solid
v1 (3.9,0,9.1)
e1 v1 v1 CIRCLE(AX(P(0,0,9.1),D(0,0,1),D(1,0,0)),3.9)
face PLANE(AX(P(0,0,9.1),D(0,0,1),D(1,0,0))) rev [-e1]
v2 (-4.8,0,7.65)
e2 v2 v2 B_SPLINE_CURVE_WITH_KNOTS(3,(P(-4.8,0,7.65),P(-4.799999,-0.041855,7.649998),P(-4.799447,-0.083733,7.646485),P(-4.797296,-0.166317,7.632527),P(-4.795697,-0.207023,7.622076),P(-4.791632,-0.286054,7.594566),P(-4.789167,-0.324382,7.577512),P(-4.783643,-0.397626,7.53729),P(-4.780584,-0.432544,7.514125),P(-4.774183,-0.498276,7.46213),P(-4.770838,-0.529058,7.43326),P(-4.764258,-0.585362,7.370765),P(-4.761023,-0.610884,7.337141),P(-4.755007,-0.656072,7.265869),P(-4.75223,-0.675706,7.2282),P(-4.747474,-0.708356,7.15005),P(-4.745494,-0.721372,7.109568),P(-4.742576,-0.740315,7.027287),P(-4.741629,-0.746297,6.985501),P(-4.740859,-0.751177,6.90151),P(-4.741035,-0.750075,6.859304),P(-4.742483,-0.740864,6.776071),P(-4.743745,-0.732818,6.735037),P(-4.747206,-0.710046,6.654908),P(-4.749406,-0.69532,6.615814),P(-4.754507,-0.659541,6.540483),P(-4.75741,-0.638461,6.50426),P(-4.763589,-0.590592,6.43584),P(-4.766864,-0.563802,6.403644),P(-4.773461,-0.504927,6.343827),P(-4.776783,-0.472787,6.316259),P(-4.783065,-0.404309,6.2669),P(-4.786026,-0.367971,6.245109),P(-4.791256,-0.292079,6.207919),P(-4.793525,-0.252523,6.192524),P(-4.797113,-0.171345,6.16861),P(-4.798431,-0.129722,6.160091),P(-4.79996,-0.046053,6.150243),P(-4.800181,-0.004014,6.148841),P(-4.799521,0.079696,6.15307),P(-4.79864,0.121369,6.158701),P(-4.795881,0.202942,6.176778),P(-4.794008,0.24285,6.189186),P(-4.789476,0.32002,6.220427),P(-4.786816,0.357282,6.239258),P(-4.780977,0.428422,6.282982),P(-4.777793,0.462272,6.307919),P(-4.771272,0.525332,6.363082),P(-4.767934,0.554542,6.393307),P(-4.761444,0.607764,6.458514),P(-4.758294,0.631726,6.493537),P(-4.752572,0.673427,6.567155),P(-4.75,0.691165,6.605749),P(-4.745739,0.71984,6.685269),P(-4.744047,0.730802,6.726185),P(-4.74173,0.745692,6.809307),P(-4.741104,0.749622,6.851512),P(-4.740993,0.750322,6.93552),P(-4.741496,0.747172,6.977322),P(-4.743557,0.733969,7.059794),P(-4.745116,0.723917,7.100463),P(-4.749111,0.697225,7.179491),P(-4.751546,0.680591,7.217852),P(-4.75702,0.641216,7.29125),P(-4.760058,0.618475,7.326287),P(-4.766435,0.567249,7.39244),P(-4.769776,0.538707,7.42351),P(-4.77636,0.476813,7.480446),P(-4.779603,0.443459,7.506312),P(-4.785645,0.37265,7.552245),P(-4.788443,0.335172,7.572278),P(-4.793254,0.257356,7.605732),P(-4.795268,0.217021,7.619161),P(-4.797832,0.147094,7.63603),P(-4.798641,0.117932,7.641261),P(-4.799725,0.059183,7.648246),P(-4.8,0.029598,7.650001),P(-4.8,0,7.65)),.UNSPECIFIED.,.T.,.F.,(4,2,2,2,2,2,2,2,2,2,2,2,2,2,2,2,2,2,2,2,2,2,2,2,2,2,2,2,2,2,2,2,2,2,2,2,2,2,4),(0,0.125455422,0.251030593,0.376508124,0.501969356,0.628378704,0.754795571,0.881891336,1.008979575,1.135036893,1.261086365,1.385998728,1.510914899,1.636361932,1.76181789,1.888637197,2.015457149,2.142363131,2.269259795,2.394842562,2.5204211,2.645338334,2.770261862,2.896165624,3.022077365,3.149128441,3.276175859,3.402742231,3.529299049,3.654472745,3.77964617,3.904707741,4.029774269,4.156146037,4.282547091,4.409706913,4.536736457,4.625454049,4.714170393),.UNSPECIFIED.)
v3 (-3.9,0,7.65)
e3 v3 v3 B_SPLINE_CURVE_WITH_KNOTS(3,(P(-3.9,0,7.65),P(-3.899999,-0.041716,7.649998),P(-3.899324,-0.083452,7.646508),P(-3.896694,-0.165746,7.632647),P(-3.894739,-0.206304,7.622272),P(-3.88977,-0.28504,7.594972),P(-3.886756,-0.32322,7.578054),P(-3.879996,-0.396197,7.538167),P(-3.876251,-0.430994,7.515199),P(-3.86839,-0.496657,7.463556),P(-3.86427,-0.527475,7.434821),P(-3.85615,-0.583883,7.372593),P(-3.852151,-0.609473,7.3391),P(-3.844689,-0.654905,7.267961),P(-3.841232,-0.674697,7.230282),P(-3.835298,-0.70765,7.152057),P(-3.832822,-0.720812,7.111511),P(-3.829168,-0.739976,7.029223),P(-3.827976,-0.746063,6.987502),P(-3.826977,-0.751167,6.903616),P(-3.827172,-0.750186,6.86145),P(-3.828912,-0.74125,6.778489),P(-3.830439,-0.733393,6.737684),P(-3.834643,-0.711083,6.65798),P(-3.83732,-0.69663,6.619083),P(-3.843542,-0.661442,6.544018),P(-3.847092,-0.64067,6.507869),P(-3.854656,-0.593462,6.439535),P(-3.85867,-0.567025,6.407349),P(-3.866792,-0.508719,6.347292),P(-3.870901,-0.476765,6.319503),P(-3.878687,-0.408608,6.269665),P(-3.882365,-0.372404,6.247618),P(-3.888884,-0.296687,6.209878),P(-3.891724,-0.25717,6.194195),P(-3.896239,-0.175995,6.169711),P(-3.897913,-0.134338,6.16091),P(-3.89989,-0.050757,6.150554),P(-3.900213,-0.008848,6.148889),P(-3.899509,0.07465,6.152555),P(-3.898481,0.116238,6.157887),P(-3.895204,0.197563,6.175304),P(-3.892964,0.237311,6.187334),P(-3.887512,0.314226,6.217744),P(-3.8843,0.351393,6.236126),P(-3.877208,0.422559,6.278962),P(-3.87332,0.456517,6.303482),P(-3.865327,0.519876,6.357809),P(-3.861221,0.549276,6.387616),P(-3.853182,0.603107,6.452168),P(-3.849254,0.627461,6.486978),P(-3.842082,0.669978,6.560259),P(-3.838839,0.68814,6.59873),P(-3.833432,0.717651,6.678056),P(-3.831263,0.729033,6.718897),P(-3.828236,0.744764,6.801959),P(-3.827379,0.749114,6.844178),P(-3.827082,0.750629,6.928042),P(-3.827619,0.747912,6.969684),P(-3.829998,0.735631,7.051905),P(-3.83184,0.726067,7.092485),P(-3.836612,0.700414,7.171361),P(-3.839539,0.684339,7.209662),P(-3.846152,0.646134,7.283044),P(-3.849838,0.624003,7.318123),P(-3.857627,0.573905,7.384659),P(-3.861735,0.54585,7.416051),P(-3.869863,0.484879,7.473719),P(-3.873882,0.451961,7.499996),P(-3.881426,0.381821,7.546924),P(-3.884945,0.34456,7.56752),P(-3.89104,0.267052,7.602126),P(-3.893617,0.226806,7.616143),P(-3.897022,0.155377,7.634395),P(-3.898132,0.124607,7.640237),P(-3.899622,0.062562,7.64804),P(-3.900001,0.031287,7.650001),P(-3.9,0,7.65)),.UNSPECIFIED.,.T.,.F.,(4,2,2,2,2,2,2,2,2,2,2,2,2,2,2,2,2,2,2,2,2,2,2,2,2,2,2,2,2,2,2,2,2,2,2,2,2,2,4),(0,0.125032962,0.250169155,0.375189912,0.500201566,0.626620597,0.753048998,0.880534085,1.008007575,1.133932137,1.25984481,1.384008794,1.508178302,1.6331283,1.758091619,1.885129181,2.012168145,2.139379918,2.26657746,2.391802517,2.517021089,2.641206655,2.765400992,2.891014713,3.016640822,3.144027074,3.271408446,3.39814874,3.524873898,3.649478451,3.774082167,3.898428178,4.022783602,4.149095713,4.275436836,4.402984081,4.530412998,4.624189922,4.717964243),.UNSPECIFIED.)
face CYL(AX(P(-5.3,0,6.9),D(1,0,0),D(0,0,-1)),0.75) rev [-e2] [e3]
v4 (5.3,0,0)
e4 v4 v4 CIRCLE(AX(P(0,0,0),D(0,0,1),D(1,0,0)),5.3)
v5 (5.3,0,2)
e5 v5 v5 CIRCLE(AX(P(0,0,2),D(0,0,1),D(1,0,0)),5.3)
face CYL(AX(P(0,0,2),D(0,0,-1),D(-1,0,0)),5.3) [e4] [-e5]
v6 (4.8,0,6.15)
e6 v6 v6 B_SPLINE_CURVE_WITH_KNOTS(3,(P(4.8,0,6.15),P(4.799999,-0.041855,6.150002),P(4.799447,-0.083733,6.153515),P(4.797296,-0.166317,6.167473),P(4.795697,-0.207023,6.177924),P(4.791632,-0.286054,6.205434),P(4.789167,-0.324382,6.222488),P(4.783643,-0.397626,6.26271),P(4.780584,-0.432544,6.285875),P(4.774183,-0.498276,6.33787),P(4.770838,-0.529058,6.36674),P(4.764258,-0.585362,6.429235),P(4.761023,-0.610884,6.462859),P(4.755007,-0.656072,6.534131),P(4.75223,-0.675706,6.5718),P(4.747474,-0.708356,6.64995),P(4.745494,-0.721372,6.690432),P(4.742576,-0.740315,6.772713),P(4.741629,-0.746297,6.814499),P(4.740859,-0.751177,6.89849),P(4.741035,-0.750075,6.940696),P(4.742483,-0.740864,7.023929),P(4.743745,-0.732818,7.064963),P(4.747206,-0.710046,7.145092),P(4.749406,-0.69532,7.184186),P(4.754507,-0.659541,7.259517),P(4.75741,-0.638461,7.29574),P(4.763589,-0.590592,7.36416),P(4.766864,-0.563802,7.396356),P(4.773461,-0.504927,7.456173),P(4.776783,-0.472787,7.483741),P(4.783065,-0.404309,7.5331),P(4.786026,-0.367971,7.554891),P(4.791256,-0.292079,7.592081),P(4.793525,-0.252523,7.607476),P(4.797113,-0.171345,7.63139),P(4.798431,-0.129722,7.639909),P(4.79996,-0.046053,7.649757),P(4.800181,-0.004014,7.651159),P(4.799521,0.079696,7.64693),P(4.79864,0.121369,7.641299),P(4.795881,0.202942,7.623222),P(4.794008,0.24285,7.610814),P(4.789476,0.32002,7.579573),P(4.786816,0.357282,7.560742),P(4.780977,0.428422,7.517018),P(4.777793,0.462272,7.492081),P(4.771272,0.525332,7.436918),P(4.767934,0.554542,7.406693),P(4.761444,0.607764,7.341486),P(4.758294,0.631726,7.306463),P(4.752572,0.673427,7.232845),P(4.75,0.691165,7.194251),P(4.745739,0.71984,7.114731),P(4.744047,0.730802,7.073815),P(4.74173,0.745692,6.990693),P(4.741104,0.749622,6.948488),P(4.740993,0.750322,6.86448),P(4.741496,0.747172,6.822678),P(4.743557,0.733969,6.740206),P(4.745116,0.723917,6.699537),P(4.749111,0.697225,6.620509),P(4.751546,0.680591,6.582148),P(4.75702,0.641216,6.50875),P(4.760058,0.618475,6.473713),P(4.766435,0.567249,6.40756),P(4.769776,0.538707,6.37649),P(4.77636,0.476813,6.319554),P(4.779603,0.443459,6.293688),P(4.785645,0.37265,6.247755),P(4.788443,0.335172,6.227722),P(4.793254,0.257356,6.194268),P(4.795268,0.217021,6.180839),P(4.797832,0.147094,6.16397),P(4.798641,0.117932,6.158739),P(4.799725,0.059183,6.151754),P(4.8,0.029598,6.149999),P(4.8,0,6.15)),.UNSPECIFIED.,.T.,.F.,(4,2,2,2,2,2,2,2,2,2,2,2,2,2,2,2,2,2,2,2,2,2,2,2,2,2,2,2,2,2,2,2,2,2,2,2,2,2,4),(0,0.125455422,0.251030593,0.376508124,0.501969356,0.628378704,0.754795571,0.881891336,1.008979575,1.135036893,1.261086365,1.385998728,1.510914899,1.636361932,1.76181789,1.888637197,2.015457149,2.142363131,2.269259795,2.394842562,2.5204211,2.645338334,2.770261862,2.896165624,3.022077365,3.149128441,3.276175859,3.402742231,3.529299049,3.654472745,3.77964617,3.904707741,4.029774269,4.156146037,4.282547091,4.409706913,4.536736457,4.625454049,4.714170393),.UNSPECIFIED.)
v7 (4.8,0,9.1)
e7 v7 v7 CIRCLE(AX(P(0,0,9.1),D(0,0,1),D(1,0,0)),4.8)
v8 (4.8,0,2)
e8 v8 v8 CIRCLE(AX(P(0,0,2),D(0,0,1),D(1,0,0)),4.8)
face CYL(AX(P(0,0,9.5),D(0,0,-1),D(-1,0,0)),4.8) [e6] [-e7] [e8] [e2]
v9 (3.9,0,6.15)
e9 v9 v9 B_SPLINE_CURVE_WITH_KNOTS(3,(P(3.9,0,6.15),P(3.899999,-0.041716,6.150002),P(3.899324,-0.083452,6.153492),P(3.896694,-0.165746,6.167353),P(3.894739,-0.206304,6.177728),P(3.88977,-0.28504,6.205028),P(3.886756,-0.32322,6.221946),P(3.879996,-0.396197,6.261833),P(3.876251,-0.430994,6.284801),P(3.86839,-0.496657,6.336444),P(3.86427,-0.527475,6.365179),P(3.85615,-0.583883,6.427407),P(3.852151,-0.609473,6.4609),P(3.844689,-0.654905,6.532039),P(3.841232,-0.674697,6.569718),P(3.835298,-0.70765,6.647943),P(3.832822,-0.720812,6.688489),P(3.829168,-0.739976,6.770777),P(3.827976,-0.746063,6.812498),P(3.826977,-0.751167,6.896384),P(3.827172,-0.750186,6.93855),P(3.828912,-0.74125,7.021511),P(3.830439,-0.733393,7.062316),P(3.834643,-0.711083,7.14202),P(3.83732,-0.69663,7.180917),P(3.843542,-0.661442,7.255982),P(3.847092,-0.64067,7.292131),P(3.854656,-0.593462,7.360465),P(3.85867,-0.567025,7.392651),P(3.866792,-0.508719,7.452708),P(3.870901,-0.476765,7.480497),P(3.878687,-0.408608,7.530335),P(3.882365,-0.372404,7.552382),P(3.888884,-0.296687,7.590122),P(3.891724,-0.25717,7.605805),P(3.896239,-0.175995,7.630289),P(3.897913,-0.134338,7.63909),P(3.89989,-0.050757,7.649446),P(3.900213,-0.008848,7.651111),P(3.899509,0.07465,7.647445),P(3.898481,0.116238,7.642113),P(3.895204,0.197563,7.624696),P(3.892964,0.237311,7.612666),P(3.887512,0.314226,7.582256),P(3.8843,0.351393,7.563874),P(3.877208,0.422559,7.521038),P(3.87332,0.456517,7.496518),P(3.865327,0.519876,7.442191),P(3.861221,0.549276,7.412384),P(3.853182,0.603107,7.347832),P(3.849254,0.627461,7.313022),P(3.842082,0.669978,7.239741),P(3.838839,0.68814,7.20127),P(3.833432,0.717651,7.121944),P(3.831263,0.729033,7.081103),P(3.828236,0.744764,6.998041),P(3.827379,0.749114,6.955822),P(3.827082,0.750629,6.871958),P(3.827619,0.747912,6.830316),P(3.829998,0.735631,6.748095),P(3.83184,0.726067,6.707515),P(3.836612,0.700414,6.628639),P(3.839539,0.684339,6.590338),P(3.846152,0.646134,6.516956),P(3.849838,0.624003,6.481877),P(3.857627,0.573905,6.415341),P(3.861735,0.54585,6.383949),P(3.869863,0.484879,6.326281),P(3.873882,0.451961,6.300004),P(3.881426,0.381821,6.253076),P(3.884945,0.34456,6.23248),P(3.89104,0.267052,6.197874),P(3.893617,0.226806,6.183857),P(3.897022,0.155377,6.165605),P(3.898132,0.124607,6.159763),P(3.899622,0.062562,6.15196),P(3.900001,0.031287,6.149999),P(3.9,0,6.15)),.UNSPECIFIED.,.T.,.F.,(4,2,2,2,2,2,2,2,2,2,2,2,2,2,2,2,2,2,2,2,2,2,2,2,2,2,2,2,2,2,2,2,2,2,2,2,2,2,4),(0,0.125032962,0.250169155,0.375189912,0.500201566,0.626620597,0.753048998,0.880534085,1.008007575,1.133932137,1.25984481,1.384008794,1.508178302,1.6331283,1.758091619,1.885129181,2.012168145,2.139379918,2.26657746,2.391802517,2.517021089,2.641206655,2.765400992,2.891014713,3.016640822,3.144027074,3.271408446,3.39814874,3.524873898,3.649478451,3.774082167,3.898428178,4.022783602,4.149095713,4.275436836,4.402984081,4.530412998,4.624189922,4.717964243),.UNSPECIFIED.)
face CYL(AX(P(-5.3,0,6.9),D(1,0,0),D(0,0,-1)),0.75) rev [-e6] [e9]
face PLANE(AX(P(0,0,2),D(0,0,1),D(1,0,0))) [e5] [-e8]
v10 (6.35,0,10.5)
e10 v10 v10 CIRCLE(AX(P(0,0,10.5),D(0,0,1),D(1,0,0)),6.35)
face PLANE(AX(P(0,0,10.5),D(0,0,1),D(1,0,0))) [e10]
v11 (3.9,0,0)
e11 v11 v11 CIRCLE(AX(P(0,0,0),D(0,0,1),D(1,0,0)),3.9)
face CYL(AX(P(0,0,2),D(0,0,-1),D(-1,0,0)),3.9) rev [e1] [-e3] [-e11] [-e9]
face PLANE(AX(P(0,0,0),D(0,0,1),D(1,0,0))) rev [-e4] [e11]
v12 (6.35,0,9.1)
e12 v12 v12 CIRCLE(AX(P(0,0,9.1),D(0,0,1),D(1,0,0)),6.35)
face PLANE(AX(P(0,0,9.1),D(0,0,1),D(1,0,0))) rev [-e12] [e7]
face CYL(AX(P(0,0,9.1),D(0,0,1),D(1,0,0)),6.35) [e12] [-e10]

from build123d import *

# Parameters (mm, degrees)
SKETCH1_R           = 5.3
SKETCH1_R_2         = 3.9
EXTRUDE1_DEPTH      = 2
SKETCH2_R           = 4.8
SKETCH2_R_2         = 3.9
EXTRUDE2_DEPTH      = 7.5
SKETCH4_R           = 0.75
EXTRUDE3_DEPTH      = 6.3
EXTRUDE3_DEPTH_BACK = 6.3
SKETCH5_R           = 6.35
EXTRUDE4_DEPTH      = 1
EXTRUDE4_DEPTH_BACK = 0.4


with BuildPart() as part:
    # Sketch1 → Extrude1 (new body)
    with BuildSketch(Plane.XY):
        Circle(SKETCH1_R)
        Circle(SKETCH1_R_2, mode=Mode.SUBTRACT)
    extrude(amount=EXTRUDE1_DEPTH)

    # Sketch2 → Extrude2 (add)
    with BuildSketch(Plane.XY.offset(2)):
        Circle(SKETCH2_R)
        Circle(SKETCH2_R_2, mode=Mode.SUBTRACT)
    extrude(amount=EXTRUDE2_DEPTH)

    # Sketch4 → Extrude3 (cut, two sides)
    with BuildSketch(Plane(origin=(0, 0, 0), x_dir=(0, 0, -1), z_dir=(1, 0, 0))) as extrude3_sk:
        with Locations((-6.9, 0)):
            Circle(SKETCH4_R)
    extrude(amount=EXTRUDE3_DEPTH, mode=Mode.SUBTRACT)
    extrude(extrude3_sk.sketch, amount=-EXTRUDE3_DEPTH_BACK, mode=Mode.SUBTRACT)

    # Sketch5 → Extrude4 (add, two sides)
    with BuildSketch(Plane.XY.offset(9.5)) as extrude4_sk:
        Circle(SKETCH5_R)
    extrude(amount=EXTRUDE4_DEPTH)
    extrude(extrude4_sk.sketch, amount=-EXTRUDE4_DEPTH_BACK)


solid = part.part
